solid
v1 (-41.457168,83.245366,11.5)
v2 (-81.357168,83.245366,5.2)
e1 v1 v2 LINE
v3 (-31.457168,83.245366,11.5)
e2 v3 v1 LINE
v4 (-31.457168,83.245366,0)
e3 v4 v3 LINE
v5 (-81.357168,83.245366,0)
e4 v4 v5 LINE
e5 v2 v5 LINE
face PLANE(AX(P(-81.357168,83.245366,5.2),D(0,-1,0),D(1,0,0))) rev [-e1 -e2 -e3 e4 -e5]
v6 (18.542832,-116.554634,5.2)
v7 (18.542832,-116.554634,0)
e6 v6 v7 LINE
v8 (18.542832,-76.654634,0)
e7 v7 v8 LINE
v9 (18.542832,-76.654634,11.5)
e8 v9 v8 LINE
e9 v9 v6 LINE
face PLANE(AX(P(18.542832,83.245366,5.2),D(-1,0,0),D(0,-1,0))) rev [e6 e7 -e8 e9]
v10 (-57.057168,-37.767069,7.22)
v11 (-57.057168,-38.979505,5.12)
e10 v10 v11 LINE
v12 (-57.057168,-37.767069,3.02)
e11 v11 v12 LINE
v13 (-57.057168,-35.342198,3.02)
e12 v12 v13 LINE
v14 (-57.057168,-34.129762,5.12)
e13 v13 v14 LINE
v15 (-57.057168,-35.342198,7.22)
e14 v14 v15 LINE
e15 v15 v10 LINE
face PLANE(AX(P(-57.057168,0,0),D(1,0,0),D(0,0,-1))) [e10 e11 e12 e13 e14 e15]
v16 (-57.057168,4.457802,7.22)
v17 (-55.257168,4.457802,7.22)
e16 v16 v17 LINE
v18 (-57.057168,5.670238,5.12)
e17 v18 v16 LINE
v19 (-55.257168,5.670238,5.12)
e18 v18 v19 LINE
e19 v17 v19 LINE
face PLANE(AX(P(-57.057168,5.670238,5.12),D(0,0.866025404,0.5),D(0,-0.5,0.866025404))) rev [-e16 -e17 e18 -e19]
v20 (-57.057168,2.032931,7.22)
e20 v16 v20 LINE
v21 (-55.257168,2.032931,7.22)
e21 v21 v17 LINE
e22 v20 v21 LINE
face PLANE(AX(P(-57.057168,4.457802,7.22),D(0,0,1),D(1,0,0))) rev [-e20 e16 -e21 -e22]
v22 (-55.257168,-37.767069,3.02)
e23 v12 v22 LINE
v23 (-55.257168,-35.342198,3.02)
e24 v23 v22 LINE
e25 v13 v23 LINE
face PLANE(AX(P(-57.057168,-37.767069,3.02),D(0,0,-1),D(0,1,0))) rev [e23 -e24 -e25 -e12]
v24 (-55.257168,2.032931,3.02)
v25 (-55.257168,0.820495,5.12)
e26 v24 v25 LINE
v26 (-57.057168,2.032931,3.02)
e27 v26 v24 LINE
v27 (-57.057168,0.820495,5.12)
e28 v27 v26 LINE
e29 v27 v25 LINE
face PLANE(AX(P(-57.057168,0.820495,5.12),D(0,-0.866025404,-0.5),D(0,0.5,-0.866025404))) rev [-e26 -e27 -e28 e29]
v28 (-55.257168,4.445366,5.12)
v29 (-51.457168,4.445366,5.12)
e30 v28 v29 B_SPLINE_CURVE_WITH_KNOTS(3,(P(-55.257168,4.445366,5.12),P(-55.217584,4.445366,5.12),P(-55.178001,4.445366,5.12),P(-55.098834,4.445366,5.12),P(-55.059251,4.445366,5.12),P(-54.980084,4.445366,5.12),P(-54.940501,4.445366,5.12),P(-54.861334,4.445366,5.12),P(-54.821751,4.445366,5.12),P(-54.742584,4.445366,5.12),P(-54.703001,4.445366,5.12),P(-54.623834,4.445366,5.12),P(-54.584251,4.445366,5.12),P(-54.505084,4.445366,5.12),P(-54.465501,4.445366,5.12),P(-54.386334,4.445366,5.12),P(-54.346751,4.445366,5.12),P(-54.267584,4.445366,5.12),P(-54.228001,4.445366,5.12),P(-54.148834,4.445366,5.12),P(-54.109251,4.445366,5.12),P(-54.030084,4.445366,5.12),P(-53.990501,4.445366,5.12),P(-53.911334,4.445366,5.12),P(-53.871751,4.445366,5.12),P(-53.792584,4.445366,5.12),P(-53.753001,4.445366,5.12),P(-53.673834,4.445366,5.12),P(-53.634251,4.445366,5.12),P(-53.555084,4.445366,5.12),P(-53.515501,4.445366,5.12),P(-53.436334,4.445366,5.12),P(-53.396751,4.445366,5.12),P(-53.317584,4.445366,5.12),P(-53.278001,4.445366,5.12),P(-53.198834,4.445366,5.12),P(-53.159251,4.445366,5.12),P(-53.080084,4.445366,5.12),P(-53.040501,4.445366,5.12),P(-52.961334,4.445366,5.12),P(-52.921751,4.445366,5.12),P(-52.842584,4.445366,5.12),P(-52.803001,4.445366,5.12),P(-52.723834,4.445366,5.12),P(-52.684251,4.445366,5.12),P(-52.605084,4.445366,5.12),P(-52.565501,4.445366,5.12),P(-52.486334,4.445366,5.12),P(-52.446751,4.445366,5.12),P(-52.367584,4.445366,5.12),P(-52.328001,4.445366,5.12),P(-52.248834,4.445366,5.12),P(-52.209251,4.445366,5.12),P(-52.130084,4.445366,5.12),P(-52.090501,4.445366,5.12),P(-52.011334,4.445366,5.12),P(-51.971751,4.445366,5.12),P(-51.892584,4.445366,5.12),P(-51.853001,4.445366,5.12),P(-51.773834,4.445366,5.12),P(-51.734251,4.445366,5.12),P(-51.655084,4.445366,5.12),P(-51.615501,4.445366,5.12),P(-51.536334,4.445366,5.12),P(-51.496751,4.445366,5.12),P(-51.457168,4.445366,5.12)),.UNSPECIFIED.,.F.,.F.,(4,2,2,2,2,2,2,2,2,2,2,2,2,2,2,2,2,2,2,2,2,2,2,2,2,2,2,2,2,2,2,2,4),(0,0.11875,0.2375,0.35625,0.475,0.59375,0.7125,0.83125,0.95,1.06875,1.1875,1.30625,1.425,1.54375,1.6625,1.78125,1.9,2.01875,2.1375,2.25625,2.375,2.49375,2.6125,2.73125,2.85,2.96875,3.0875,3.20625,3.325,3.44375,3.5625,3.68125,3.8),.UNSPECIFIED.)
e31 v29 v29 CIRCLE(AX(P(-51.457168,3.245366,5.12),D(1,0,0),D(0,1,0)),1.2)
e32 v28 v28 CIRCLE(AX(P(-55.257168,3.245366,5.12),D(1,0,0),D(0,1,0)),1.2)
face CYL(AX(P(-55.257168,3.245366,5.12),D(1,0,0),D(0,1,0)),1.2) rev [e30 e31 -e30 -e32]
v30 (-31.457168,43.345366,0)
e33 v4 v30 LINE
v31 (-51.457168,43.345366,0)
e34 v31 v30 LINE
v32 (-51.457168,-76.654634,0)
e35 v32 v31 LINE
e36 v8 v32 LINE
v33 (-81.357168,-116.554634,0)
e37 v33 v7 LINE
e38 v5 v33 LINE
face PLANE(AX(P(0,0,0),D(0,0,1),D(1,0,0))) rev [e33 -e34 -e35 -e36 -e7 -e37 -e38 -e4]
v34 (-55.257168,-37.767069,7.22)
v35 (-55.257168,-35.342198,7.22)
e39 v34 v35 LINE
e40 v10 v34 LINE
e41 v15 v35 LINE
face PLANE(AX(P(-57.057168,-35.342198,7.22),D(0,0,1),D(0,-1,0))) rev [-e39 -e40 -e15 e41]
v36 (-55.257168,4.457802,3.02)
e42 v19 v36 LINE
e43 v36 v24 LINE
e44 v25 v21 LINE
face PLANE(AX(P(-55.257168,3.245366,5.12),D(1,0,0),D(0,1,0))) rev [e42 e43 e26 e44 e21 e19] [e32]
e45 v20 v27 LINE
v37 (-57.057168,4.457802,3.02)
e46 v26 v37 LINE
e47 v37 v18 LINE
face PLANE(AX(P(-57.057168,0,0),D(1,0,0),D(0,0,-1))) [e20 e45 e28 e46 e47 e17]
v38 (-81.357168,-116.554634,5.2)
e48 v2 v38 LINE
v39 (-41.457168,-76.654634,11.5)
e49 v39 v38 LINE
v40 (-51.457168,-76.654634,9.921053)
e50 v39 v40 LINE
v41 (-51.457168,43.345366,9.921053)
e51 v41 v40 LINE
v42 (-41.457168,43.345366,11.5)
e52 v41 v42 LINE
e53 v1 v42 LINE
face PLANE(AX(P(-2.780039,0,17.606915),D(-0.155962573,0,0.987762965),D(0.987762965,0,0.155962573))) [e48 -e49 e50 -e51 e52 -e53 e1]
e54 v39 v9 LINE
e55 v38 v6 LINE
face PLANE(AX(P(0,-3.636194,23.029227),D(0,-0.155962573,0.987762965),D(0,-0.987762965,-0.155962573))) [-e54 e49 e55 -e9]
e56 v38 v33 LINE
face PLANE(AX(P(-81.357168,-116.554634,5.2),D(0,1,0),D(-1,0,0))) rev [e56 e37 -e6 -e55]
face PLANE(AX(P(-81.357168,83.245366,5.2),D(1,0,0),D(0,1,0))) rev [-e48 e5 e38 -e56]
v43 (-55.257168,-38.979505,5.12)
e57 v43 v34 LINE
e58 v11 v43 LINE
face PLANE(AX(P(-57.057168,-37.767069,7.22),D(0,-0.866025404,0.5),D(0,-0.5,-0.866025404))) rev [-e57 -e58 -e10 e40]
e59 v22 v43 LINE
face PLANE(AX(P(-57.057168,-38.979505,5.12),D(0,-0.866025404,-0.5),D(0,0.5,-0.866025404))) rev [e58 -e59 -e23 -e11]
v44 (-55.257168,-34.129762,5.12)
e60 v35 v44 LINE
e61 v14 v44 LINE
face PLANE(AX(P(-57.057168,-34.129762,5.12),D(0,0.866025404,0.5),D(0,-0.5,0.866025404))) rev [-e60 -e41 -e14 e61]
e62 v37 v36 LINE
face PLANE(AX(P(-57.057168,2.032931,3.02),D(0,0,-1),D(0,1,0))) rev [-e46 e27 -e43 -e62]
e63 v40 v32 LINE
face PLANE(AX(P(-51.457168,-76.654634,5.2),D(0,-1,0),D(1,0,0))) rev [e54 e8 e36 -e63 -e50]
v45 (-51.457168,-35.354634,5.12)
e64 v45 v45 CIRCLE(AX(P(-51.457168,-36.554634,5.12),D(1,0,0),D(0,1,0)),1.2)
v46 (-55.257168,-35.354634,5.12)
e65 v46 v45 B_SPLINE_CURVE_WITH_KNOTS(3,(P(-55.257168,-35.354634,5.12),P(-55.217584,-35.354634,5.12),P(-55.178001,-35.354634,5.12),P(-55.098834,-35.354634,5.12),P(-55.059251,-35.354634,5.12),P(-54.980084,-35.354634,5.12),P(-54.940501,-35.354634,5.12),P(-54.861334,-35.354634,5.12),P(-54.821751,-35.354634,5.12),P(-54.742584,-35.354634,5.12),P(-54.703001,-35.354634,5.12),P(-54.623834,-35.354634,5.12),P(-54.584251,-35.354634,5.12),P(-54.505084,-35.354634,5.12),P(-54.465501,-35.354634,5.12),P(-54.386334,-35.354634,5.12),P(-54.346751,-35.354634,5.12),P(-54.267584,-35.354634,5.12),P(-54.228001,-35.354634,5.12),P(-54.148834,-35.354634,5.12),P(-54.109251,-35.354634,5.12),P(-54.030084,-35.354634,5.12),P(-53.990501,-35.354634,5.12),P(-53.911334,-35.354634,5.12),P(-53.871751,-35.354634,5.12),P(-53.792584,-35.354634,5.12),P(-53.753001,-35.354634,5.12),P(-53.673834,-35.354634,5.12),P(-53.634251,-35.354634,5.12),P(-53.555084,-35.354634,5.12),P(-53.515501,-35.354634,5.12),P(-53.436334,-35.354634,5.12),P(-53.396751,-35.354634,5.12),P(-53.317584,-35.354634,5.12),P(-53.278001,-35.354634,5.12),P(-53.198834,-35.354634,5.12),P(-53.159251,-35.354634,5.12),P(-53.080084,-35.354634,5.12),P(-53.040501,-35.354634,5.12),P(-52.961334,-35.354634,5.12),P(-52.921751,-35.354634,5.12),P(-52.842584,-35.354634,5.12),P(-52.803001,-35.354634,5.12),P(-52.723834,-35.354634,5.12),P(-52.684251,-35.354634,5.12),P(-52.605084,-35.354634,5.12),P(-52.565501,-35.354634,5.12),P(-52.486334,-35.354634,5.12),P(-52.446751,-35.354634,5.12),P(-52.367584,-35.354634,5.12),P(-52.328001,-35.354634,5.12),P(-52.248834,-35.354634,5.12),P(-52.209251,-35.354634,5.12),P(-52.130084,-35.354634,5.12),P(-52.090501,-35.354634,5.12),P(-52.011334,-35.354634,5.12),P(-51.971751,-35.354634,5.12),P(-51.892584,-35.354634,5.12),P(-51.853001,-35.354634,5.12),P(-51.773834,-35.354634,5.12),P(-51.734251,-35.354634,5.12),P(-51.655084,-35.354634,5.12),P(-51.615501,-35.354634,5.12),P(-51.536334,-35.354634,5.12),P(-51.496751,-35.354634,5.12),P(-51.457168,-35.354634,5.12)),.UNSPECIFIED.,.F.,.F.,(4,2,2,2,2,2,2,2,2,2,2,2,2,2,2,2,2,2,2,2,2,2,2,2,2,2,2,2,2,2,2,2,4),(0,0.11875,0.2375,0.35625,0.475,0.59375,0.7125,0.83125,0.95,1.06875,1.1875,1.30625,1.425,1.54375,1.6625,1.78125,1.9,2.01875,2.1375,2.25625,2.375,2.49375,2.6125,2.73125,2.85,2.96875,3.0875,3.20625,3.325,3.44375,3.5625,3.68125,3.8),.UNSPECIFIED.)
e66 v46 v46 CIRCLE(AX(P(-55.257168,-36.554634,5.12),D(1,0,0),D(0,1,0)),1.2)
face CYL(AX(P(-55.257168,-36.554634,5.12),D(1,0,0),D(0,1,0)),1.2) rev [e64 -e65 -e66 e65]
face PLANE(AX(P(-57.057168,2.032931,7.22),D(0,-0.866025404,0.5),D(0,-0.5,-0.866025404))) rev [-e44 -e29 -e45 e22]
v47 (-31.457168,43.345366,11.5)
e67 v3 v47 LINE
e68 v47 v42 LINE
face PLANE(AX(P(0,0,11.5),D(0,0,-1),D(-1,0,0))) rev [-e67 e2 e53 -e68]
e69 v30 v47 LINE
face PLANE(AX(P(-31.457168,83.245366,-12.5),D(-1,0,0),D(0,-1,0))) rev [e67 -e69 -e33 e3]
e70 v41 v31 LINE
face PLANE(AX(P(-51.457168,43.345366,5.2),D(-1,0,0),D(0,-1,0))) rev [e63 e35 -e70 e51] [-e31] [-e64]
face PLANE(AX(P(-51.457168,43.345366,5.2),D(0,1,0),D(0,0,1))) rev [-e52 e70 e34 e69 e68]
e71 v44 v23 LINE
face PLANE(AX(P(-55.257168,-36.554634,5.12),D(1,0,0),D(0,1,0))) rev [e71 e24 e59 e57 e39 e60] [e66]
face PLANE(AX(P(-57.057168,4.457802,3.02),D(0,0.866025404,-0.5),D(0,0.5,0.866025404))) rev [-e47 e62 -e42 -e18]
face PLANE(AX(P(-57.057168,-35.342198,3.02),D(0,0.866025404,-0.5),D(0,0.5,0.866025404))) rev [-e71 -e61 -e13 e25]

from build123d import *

# Parameters (mm, degrees)
DODANIE_WYCI_GNI_CIE1_DEPTH = 5.2
SZKIC6_W                    = 49.271239353
SZKIC6_H                    = 120
WYTNIJ_WYCI_GNI_CIE1_DEPTH  = 78
WYTNIJ_WYCI_GNI_CIE2_DEPTH  = 5.6
SZKIC9_R                    = 2.424871131
SZKIC9_R_2                  = 1.2
DODANIE_WYCI_GNI_CIE3_DEPTH = 3.8
SZKIC10_W                   = 50
SZKIC10_H                   = 39.9
WYTNIJ_WYCI_GNI_CIE4_DEPTH  = 24


with BuildPart() as part:
    # Szkic2 → Dodanie-wyciągnięcie1 (new body)
    with BuildSketch(Plane.XY):
        Polygon((18.542832418, 83.245366469), (18.542832418, 43.345366469), (-51.457167582, 43.345366469), (-51.457167582, -76.654633531), (18.542832418, -76.654633531), (18.542832418, -116.554633531), (-81.357167582, -116.554633531), (-81.357167582, 83.245366469), align=None)
    extrude(amount=DODANIE_WYCI_GNI_CIE1_DEPTH)

    # Szkic3 → Wyciągnięcie po profilach3 section 0
    with BuildSketch(Plane.XY.offset(11.5)):
        with BuildLine():
            Line((-41.457167582, -76.654633531), (18.542832418, -76.654633531))
            Line((18.542832418, -76.654633531), (18.542832418, 83.245366469))
            Line((18.542832418, 83.245366469), (-41.457167582, 83.245366469))
            Line((-41.457167582, 83.245366469), (-41.457167582, -76.654633531))
        make_face()
    # Szkic5 → Wyciągnięcie po profilach3 section 1
    with BuildSketch(Plane.XY.offset(5.2)):
        with BuildLine():
            Line((-81.357167582, 83.245366469), (18.542832418, 83.245366469))
            Line((18.542832418, 83.245366469), (18.542832418, -116.554633531))
            Line((18.542832418, -116.554633531), (-81.357167582, -116.554633531))
            Line((-81.357167582, -116.554633531), (-81.357167582, 83.245366469))
        make_face()
    loft()

    # Szkic6 → Wytnij-wyciągnięcie1 (cut)
    with BuildSketch(Plane(origin=(-51.457167582, 0, 0), x_dir=(0, 0, -1), z_dir=(1, 0, 0))):
        with Locations((-24.635619677, -16.654633531)):
            Rectangle(SZKIC6_W, SZKIC6_H)
    extrude(amount=WYTNIJ_WYCI_GNI_CIE1_DEPTH, mode=Mode.SUBTRACT)

    # Szkic7 → Wytnij-wyciągnięcie2 (cut)
    with BuildSketch(Plane(origin=(-51.457167582, 0, 0), x_dir=(0, 0, -1), z_dir=(1, 0, 0))):
        Polygon((-5.12, -34.1297624), (-7.22, -35.342197966), (-7.22, -37.767069096), (-5.12, -38.979504662), (-3.02, -37.767069096), (-3.02, -35.342197966), align=None)
        Polygon((-5.12, 5.6702376), (-7.22, 4.457802034), (-7.22, 2.032930904), (-5.12, 0.820495338), (-3.02, 2.032930904), (-3.02, 4.457802034), align=None)
    extrude(amount=-WYTNIJ_WYCI_GNI_CIE2_DEPTH, mode=Mode.SUBTRACT)

    # Szkic9 → Dodanie-wyciągnięcie3 (add)
    # profile 1 of 2: a face of its own
    with BuildSketch(Plane(origin=(-51.457167582, 0, 0), x_dir=(0, 0, -1), z_dir=(1, 0, 0))):
        with Locations((-5.12, 3.245366469)):
            Circle(SZKIC9_R)
        with Locations((-5.12, 3.245366469)):
            Circle(SZKIC9_R_2, mode=Mode.SUBTRACT)
    # profile 2 of 2: a face of its own
    with BuildSketch(Plane(origin=(-51.457167582, 0, 0), x_dir=(0, 0, -1), z_dir=(1, 0, 0))):
        with Locations((-5.12, -36.554633531)):
            Circle(SZKIC9_R)
        with Locations((-5.12, -36.554633531)):
            Circle(SZKIC9_R_2, mode=Mode.SUBTRACT)
    extrude(amount=-DODANIE_WYCI_GNI_CIE3_DEPTH)

    # Szkic10 → Wytnij-wyciągnięcie4 (cut)
    with BuildSketch(Plane.XY.offset(11.5)):
        with Locations((-6.457167582, 63.295366469)):
            Rectangle(SZKIC10_W, SZKIC10_H)
    extrude(amount=-WYTNIJ_WYCI_GNI_CIE4_DEPTH, mode=Mode.SUBTRACT)


solid = part.part
